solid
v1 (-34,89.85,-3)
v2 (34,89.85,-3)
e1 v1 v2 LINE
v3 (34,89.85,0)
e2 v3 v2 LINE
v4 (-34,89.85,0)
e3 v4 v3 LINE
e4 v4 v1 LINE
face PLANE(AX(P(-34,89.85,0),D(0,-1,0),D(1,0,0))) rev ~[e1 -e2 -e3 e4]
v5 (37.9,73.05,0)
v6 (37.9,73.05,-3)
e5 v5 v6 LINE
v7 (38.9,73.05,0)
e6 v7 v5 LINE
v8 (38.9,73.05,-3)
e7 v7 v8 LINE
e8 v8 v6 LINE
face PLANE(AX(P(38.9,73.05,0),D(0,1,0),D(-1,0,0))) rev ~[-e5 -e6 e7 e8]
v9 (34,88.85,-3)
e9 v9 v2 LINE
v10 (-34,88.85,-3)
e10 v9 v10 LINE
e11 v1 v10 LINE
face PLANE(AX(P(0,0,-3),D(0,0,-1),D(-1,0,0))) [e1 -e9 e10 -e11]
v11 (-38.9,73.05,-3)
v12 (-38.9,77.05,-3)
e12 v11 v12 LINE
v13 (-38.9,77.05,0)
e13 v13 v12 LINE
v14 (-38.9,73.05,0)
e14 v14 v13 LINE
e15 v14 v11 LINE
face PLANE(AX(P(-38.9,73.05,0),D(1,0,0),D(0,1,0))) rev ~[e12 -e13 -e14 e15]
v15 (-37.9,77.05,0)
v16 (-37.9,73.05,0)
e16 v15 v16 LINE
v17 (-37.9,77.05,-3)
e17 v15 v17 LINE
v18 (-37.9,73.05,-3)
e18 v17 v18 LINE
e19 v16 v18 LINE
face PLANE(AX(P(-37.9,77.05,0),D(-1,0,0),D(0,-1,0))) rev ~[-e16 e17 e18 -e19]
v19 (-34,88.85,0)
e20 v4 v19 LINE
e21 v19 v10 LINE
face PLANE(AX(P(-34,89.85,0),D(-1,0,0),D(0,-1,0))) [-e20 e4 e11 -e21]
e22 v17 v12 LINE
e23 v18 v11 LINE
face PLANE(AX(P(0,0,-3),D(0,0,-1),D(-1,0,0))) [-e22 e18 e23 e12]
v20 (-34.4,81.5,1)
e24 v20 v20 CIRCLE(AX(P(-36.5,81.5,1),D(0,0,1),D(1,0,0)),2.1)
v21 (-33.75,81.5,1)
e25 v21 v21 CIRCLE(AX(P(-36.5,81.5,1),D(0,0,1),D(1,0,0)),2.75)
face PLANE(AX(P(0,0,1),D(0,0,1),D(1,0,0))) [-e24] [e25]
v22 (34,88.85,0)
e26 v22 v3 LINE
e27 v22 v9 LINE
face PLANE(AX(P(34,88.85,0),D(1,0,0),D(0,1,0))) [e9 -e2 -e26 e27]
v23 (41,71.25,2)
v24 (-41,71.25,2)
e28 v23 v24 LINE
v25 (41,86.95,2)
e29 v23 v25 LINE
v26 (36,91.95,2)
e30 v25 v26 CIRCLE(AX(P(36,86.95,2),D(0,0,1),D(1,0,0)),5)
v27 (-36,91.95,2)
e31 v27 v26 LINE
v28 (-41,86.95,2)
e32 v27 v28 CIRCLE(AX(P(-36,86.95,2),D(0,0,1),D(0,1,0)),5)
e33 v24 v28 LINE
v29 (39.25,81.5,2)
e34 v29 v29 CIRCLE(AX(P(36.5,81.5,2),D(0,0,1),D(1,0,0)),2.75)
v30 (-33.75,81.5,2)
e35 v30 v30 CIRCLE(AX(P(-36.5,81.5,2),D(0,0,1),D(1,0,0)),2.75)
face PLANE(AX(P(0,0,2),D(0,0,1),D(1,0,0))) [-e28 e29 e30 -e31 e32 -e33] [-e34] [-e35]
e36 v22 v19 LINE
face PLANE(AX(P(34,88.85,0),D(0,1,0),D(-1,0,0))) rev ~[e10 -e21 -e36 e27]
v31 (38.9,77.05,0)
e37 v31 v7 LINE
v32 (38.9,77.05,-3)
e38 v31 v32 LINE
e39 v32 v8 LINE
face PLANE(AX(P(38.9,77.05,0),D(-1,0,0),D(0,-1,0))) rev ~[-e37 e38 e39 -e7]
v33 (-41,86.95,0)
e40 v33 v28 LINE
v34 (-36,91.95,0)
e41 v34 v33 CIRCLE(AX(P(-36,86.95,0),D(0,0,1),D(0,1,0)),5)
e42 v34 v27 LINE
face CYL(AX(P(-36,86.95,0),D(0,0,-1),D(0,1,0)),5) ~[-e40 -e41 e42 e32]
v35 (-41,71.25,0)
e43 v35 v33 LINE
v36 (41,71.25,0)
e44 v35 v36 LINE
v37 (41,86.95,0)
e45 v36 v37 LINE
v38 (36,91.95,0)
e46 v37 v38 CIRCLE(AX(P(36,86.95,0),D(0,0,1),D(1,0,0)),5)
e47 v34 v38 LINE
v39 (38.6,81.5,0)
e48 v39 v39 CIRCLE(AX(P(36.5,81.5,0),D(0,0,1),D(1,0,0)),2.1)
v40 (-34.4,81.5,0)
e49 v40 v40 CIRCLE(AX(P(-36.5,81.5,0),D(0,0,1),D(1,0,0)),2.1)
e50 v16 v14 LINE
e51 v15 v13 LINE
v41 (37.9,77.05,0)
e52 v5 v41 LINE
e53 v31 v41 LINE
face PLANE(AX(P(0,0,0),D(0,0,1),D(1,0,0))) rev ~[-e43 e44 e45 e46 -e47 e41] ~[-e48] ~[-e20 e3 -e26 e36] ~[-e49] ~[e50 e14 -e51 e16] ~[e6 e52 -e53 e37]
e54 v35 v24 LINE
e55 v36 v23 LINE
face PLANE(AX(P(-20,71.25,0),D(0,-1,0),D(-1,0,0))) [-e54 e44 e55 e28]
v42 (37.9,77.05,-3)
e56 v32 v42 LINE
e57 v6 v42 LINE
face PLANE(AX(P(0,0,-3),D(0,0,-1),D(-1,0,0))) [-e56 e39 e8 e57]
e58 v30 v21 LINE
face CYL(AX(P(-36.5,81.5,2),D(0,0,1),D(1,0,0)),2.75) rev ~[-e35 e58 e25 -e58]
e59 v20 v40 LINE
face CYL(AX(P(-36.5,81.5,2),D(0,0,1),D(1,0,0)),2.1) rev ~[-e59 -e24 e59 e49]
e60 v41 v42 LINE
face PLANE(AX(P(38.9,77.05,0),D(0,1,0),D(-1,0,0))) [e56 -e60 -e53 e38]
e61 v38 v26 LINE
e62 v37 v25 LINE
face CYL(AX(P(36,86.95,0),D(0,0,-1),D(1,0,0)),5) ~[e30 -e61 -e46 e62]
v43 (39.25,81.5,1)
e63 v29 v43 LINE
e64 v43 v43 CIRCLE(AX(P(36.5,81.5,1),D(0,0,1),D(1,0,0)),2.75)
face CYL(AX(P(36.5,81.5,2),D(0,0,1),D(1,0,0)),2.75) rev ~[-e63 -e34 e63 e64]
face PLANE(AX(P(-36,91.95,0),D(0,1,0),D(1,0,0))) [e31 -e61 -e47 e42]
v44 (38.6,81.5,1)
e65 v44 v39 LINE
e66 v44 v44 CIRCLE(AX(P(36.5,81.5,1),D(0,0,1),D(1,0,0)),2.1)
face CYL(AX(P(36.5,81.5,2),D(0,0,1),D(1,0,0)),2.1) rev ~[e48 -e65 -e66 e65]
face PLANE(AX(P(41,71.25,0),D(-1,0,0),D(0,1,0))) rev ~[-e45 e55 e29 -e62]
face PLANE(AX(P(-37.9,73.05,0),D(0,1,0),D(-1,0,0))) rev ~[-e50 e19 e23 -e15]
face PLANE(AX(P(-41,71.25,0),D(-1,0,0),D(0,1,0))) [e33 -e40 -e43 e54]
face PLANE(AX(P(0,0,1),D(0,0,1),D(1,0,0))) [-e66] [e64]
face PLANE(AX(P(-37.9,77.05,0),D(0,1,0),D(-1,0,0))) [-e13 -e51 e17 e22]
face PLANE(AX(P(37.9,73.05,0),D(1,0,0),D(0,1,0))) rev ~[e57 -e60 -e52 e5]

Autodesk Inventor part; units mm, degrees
ref_plane "YZ Plane" through (0, 0, 0) normal (1, 0, 0) x (0, 1, 0)
ref_plane "XZ Plane" through (0, 0, 0) normal (0, 1, 0) x (-1, 0, 0)
ref_plane "XY Plane" through (0, 0, 0) normal (0, 0, 1) x (1, 0, 0)
sketch "Sketch1" plane through (0, 0, 0) normal (0, 0, 1) x (1, 0, 0)
  circle A0 centre (0.25, 36.05) radius 28 projected
  line L0 (-21, -56.05) -> (-21, -1.05) projected
  line L1 (-21, -1.05) -> (21.5, -1.05) projected
  line L2 (21.5, -1.05) -> (21.5, -56.05) projected
  line L3 (21.5, -56.05) -> (-21, -56.05) projected
  arc A1 (-41, -66.05) -> (-36, -71.05) centre (-36, -66.05) ccw projected
  line L4 (-36, -71.05) -> (36, -71.05) projected
  arc A2 (36, -71.05) -> (41, -66.05) centre (36, -66.05) ccw projected
  line L5 (41, -66.05) -> (41, 71.05) projected
  line L6 (41, 71.05) -> (-41, 71.05) projected
  line L7 (-41, 71.05) -> (-41, -66.05) projected
  line L8 (20, 69.05) -> (20, 73.05) projected
  line L9 (20, 69.05) -> (33.3542, 69.05) projected
  arc A3 (33.3542, 69.05) -> (39, 63.4042) centre (36, 66.05) ccw projected
  line L10 (39, 63.4042) -> (39, -63.4042) projected
  arc A4 (39, -63.4042) -> (33.3542, -69.05) centre (36, -66.05) ccw projected
  line L11 (33.3542, -69.05) -> (-33.3542, -69.05) projected
  arc A5 (-33.3542, -69.05) -> (-39, -63.4042) centre (-36, -66.05) ccw projected
  line L12 (-39, -63.4042) -> (-39, 63.4042) projected
  arc A6 (-39, 63.4042) -> (-33.3542, 69.05) centre (-36, 66.05) ccw projected
  line L13 (-33.3542, 69.05) -> (-20, 69.05) projected
  line L14 (-20, 69.05) -> (-20, 73.05) projected
  line L15 (-39, 73.05) -> (-20, 73.05) projected
  line L16 (-39, 79.0505) -> (-39, 73.05) projected
  arc A7 (-34, 89.95) -> (-39, 84.95) centre (-34, 84.95) ccw projected
  line L17 (34, 89.95) -> (-34, 89.95) projected
  arc A8 (39, 84.95) -> (34, 89.95) centre (34, 84.95) ccw projected
  line L18 (39, 73.05) -> (39, 79.0505) projected
  line L19 (20, 73.05) -> (39, 73.05) projected
  line L20 (41, -66.05) -> (41, 86.95) projected
  arc A9 (41, 86.95) -> (36, 91.95) centre (36, 86.95) ccw projected
  line L21 (-36, 91.95) -> (36, 91.95) projected
  arc A10 (-36, 91.95) -> (-41, 86.95) centre (-36, 86.95) ccw projected
  line L22 (-41, -66.05) -> (-41, 86.95) projected
  arc A11 (-41, -66.05) -> (-36, -71.05) centre (-36, -66.05) ccw projected
  line L23 (-36, -71.05) -> (36, -71.05) projected
  arc A12 (36, -71.05) -> (41, -66.05) centre (36, -66.05) ccw projected
  circle A13 centre (-36, -66.05) radius 2.1 projected
  line L24 (38.6458, 69.05) -> (39, 69.05) projected
  line L25 (39, 69.05) -> (39, 68.6958) projected
  arc A14 (39, 68.6958) -> (38.6458, 69.05) centre (36, 66.05) ccw projected
  circle A15 centre (36, 66.05) radius 2.1 projected
  line L26 (39, -68.6958) -> (39, -69.05) projected
  line L27 (39, -69.05) -> (38.6458, -69.05) projected
  arc A16 (38.6458, -69.05) -> (39, -68.6958) centre (36, -66.05) ccw projected
  circle A17 centre (36, -66.05) radius 2.1 projected
  arc A18 (-39, -68.6958) -> (-38.6458, -69.05) centre (-36, -66.05) ccw projected
  line L28 (-38.6458, -69.05) -> (-39, -69.05) projected
  line L29 (-39, -69.05) -> (-39, -68.6958) projected
  circle A19 centre (-36, 66.05) radius 2.1 projected
  arc A20 (-38.6458, 69.05) -> (-39, 68.6958) centre (-36, 66.05) ccw projected
  line L30 (-39, 68.6958) -> (-39, 69.05) projected
  line L31 (-39, 69.05) -> (-38.6458, 69.05) projected
  line L32 (41, 71.25) -> (-41, 71.25)
  circle A21 centre (-36.5, 81.5) radius 2.1 projected
  circle A22 centre (36.5, 81.5) radius 2.1 projected
  arc A23 (-39, 79.0505) -> (-39, 83.9495) centre (-36.5, 81.5) ccw projected
  line L33 (-39, 84.95) -> (-39, 83.9495) projected
  line L34 (39, 83.9495) -> (39, 84.95) projected
  arc A24 (39, 83.9495) -> (39, 79.0505) centre (36.5, 81.5) ccw projected
  point P0 (0, 0)
  dimension "d0" = 0.2
extrude "Extrusion1" add sketch "Sketch1" along normal blind 2 contours L22 A10 L21 A9 L20 L32 L8 L19 L18 A24 L34 A8 L17 A7 L33 A23 L16 L15 L14 | L14 L15 L16 A23 L33 A7 L17 A8 L34 A24 L18 L19 L8 L32 | A21 | A22
sketch "Sketch2" plane through (0, 0, 0) normal (0, 0, -1) x (-1, 0, 0)
  arc A0 (-34, 89.95) -> (-39, 79.0505) centre (-34, 84.95) ccw projected
  line L0 (-34, 89.95) -> (34, 89.95) projected
  arc A1 (39, 79.0505) -> (34, 89.95) centre (34, 84.95) ccw projected
  line L1 (39, 79.0505) -> (39, 73.05) projected
  line L2 (-39, 73.05) -> (-39, 79.0505) projected
  line L3 (38.9, 73.05) -> (38.9, 84.95)
  arc A2 (38.9, 84.95) -> (34, 89.85) centre (34, 84.95) ccw
  line L4 (34, 89.85) -> (-34, 89.85)
  arc A3 (-34, 89.85) -> (-38.9, 84.95) centre (-34, 84.95) ccw
  line L5 (-38.9, 84.95) -> (-38.9, 73.05)
  line L6 (-37.9, 73.05) -> (-37.9, 84.95)
  arc A4 (-34, 88.85) -> (-37.9, 84.95) centre (-34, 84.95) ccw
  line L7 (-34, 88.85) -> (34, 88.85)
  arc A5 (37.9, 84.95) -> (34, 88.85) centre (34, 84.95) ccw
  line L8 (37.9, 84.95) -> (37.9, 73.05)
  line L9 (-38.9, 73.05) -> (-37.9, 73.05)
  line L10 (37.9, 73.05) -> (38.9, 73.05)
  line L11 (41, 71.25) -> (-41, 71.25) projected
  arc A6 (-34, 89.95) -> (-39, 84.95) centre (-34, 84.95) ccw projected
  line L12 (-34, 89.95) -> (34, 89.95) projected
  circle A7 centre (-36.5, 81.5) radius 2.1 projected
  arc A8 (-39, 79.0505) -> (-39, 83.9495) centre (-36.5, 81.5) ccw projected
  circle A9 centre (36.5, 81.5) radius 2.1 projected
  arc A10 (39, 83.9495) -> (39, 79.0505) centre (36.5, 81.5) ccw projected
  arc A11 (-36, 91.95) -> (-41, 86.95) centre (-36, 86.95) ccw projected
  line L13 (-41, 71.25) -> (-41, 86.95) projected
  line L14 (-34, 88.85) -> (-34, 89.95)
  line L15 (-38.9, 77.05) -> (38.9, 77.05)
  line L16 (34, 89.95) -> (34, 88.85)
  point P0 (0, 0)
  point P1 (-38.4, 73.05)
  point P2 (38.4, 73.05)
  point P3 (-37.9, 83.0652)
  point P4 (-38.3525, 82.4891)
  point P5 (-37.9, 81.8211)
  point P6 (38.3525, 82.4891)
  point P7 (37.9, 83.0652)
  point P8 (37.9, 81.8211)
  point P9 (-37.9, 77.05)
  point P10 (37.9, 77.05)
  point P11 (34, 89.85)
  dimension "d3" = 0.1
  dimension "d4" = 1
  dimension "d5" = 16.8
  dimension "d6" = 16.8
  dimension "d15" = 2.1
  dimension "d16" = 4
extrude "Extrusion2" add sketch "Sketch2" along normal blind 3 contours L4 L16 L7 L14 | L3 L10 L8 L15 | L15 L6 L9 L5
sketch "Sketch3" plane through (0, 0, 2) normal (0, 0, 1) x (1, 0, 0)
  circle A0 centre (36.5, 81.5) radius 2.1 projected
  circle A1 centre (-36.5, 81.5) radius 2.1 projected
  point P0 (0, 0)
extrude "Extrusion3" cut sketch "Sketch3" against normal blind 3
sketch "Sketch4" plane through (0, 0, 2) normal (0, 0, 1) x (1, 0, 0)
  circle A0 centre (36.5, 81.5) radius 2.1 projected
  circle A1 centre (36.5, 81.5) radius 2.75
  circle A2 centre (-36.5, 81.5) radius 2.1 projected
  circle A3 centre (-36.5, 81.5) radius 2.75
  point P0 (0, 0)
  point P1 (-37.9, 79.9348)
  point P2 (-37.9, 83.0652)
  dimension "d11" = 5.5
  dimension "d12" = 5.5
extrude "Extrusion4" cut sketch "Sketch4" against normal blind 1 contours A0 | A1 | A2 | A3
properties part number "colortop"
